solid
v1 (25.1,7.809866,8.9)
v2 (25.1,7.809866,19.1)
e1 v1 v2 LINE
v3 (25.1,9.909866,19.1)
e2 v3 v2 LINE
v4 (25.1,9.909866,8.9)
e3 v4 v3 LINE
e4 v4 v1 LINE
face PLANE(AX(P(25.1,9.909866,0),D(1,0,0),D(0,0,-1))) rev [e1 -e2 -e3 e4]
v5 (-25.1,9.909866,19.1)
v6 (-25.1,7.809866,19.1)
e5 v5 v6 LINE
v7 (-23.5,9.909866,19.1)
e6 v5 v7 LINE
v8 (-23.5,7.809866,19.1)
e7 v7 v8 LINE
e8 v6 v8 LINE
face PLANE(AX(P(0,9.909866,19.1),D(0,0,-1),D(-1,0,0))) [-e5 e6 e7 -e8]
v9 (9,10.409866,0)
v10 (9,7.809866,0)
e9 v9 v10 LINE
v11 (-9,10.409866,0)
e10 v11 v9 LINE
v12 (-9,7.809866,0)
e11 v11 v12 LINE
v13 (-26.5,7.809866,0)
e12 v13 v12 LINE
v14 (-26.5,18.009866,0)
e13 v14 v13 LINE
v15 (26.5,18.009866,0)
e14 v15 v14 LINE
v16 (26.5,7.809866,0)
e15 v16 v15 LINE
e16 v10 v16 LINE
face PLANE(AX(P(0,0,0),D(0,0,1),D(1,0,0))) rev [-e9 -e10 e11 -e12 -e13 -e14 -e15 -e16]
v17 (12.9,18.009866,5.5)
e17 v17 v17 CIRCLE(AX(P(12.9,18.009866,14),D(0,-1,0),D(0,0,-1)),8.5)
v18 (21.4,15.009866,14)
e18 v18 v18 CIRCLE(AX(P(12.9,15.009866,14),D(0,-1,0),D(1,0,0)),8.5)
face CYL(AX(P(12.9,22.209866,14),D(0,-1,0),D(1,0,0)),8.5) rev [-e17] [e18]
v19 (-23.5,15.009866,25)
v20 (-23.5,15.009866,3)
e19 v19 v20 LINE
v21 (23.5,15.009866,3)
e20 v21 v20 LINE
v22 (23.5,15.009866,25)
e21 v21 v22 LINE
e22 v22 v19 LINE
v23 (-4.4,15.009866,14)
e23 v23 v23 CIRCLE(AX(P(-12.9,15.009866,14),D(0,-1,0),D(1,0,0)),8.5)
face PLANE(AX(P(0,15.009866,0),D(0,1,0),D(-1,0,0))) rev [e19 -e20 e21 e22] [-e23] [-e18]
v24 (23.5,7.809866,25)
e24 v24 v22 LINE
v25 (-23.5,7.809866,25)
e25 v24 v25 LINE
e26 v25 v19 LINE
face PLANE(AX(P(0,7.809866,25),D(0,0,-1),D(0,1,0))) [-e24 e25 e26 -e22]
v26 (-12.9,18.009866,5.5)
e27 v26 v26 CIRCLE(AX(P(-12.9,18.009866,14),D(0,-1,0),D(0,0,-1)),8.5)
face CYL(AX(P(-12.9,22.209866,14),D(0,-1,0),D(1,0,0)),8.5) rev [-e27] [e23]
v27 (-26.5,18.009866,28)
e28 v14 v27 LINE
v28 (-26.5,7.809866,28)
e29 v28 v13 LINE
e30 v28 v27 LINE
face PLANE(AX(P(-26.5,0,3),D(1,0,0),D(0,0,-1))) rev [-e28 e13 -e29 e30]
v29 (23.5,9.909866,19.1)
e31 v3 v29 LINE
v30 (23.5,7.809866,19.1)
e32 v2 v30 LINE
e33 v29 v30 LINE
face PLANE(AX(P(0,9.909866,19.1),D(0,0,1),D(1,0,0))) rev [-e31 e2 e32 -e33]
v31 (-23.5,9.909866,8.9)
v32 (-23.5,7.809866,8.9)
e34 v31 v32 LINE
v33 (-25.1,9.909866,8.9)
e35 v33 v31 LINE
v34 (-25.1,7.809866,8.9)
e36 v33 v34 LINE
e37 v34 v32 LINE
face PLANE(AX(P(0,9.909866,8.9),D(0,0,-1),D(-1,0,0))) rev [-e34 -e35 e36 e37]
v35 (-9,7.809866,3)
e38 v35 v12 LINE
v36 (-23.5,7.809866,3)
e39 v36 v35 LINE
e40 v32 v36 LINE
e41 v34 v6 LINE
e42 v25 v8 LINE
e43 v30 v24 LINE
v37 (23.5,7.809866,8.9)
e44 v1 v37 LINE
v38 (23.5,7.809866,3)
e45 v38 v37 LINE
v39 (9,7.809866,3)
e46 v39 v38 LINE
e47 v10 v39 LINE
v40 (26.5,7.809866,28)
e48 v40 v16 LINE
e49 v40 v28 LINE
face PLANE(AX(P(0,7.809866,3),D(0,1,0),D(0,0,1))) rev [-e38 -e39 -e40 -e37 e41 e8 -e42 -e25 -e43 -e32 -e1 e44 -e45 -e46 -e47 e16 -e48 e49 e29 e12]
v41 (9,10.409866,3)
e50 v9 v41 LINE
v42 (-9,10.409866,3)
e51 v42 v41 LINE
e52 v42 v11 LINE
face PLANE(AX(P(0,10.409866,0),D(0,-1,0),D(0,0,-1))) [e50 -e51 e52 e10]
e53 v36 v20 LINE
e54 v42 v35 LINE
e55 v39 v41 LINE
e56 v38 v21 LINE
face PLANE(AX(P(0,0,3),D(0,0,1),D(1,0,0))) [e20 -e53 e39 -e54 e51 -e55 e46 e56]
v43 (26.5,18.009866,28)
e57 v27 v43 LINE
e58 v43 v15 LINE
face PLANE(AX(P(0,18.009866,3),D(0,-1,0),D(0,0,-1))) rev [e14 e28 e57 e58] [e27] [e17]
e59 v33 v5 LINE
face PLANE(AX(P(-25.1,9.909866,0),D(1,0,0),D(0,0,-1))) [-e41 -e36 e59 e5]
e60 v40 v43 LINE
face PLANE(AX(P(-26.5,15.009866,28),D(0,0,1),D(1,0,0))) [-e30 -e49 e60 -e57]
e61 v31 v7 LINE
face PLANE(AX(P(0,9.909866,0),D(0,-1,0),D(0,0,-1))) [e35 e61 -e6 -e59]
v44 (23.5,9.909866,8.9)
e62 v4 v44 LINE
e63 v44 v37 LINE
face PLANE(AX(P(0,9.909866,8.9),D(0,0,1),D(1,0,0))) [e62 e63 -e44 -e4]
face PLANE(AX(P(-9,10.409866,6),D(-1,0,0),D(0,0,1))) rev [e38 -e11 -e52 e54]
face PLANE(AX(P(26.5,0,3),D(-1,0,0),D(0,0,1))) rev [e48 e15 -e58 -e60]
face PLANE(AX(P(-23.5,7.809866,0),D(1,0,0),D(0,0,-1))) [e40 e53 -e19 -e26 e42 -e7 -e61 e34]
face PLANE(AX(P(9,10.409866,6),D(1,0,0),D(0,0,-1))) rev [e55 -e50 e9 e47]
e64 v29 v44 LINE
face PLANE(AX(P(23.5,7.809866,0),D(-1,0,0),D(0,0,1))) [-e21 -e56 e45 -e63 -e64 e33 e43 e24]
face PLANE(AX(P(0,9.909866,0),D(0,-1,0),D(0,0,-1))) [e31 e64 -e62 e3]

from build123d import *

# Parameters (mm, degrees)
SKETCH2_R           = 3.175
BOSS_EXTRUDE1_DEPTH = 3
SKETCH4_W           = 53
SKETCH4_H           = 25
BOSS_EXTRUDE3_DEPTH = 3
BOSS_EXTRUDE4_DEPTH = 7.2
SKETCH6_R           = 8.5
CUT_EXTRUDE1_DEPTH  = 7.2
SKETCH7_W           = 18
SKETCH7_H           = 6
CUT_EXTRUDE2_DEPTH  = 2.6
SKETCH8_W           = 1.6
SKETCH8_H           = 10.2
CUT_EXTRUDE3_DEPTH  = 2.1
CUT_EXTRUDE4_START  = -3
CUT_EXTRUDE4_DEPTH  = 3


with BuildPart() as part:
    # Sketch2 → Boss-Extrude1 (new body)
    with BuildSketch(Plane.XY):
        with BuildLine():
            Line((26.5, 7.809866434), (26.5, 7.967433715))
            Line((26.5, 7.967433715), (51.343101615, 22.31060512))
            ThreePointArc((51.343101615, 22.31060512), (51.20337497, 29.562282322), (44.993101615, 33.309127748))
            Line((44.993101615, 33.309127748), (18.494003701, 18.009866434))
            Line((18.494003701, 18.009866434), (-18.494003701, 18.009866434))
            Line((-18.494003701, 18.009866434), (-44.993101615, 33.309127748))
            ThreePointArc((-44.993101615, 33.309127748), (-51.20337497, 29.562282322), (-51.343101615, 22.31060512))
            Line((-51.343101615, 22.31060512), (-26.5, 7.967433715))
            Line((-26.5, 7.967433715), (-26.5, 7.809866434))
            Line((-26.5, 7.809866434), (26.5, 7.809866434))
        make_face()
        with Locations((44.704, 25.809866434)):
            Circle(SKETCH2_R, mode=Mode.SUBTRACT)
        with Locations((-44.704, 25.809866434)):
            Circle(SKETCH2_R, mode=Mode.SUBTRACT)
    extrude(amount=BOSS_EXTRUDE1_DEPTH)

    # Sketch4 → Boss-Extrude3 (add)
    with BuildSketch(Plane(origin=(0, 18.009866434, 0), x_dir=(1, 0, 0), z_dir=(0, 1, 0))):
        with Locations((0, -15.5)):
            Rectangle(SKETCH4_W, SKETCH4_H)
    extrude(amount=-BOSS_EXTRUDE3_DEPTH)

    # Sketch5 → Boss-Extrude4 (add)
    with BuildSketch(Plane.XZ.offset(-15.009866434)):
        Polygon((-26.5, 3), (-23.5, 3), (-23.5, 25), (23.5, 25), (23.5, 3), (26.5, 3), (26.5, 28), (-26.5, 28), align=None)
    extrude(amount=BOSS_EXTRUDE4_DEPTH)

    # Sketch6 → Cut-Extrude1 (cut)
    with BuildSketch(Plane.XZ.offset(-15.009866434)):
        with Locations((12.9, 14)):
            Circle(SKETCH6_R)
        with Locations((-12.9, 14)):
            Circle(SKETCH6_R)
    extrude(amount=-CUT_EXTRUDE1_DEPTH, mode=Mode.SUBTRACT)

    # Sketch7 → Cut-Extrude2 (cut)
    with BuildSketch(Plane.XZ.offset(-7.809866434)):
        with Locations((0, 3)):
            Rectangle(SKETCH7_W, SKETCH7_H)
    extrude(amount=-CUT_EXTRUDE2_DEPTH, mode=Mode.SUBTRACT)

    # Sketch8 → Cut-Extrude3 (cut)
    with BuildSketch(Plane.XZ.offset(-7.809866434)):
        with Locations((-24.3, 14)):
            Rectangle(SKETCH8_W, SKETCH8_H)
        with Locations((24.3, 14)):
            Rectangle(SKETCH8_W, SKETCH8_H)
    extrude(amount=-CUT_EXTRUDE3_DEPTH, mode=Mode.SUBTRACT)

    # Sketch11 → Cut-Extrude4 (cut)
    with BuildSketch(Plane.XY.offset(3).offset(CUT_EXTRUDE4_START)):
        with BuildLine():
            Line((-51.343101615, 22.31060512), (-26.5, 7.967433715))
            Line((-26.5, 7.967433715), (-26.5, 18.009866434))
            Line((-26.5, 18.009866434), (-18.494003701, 18.009866434))
            Line((-18.494003701, 18.009866434), (-44.993101615, 33.309127748))
            ThreePointArc((-44.993101615, 33.309127748), (-51.20337497, 29.562282322), (-51.343101615, 22.31060512))
        make_face()
        with BuildLine():
            Line((26.5, 18.009866434), (26.5, 7.967433715))
            Line((26.5, 7.967433715), (51.343101615, 22.31060512))
            ThreePointArc((51.343101615, 22.31060512), (51.20337497, 29.562282322), (44.993101615, 33.309127748))
            Line((44.993101615, 33.309127748), (18.494003701, 18.009866434))
            Line((18.494003701, 18.009866434), (26.5, 18.009866434))
        make_face()
    extrude(amount=CUT_EXTRUDE4_DEPTH, mode=Mode.SUBTRACT)


solid = part.part
